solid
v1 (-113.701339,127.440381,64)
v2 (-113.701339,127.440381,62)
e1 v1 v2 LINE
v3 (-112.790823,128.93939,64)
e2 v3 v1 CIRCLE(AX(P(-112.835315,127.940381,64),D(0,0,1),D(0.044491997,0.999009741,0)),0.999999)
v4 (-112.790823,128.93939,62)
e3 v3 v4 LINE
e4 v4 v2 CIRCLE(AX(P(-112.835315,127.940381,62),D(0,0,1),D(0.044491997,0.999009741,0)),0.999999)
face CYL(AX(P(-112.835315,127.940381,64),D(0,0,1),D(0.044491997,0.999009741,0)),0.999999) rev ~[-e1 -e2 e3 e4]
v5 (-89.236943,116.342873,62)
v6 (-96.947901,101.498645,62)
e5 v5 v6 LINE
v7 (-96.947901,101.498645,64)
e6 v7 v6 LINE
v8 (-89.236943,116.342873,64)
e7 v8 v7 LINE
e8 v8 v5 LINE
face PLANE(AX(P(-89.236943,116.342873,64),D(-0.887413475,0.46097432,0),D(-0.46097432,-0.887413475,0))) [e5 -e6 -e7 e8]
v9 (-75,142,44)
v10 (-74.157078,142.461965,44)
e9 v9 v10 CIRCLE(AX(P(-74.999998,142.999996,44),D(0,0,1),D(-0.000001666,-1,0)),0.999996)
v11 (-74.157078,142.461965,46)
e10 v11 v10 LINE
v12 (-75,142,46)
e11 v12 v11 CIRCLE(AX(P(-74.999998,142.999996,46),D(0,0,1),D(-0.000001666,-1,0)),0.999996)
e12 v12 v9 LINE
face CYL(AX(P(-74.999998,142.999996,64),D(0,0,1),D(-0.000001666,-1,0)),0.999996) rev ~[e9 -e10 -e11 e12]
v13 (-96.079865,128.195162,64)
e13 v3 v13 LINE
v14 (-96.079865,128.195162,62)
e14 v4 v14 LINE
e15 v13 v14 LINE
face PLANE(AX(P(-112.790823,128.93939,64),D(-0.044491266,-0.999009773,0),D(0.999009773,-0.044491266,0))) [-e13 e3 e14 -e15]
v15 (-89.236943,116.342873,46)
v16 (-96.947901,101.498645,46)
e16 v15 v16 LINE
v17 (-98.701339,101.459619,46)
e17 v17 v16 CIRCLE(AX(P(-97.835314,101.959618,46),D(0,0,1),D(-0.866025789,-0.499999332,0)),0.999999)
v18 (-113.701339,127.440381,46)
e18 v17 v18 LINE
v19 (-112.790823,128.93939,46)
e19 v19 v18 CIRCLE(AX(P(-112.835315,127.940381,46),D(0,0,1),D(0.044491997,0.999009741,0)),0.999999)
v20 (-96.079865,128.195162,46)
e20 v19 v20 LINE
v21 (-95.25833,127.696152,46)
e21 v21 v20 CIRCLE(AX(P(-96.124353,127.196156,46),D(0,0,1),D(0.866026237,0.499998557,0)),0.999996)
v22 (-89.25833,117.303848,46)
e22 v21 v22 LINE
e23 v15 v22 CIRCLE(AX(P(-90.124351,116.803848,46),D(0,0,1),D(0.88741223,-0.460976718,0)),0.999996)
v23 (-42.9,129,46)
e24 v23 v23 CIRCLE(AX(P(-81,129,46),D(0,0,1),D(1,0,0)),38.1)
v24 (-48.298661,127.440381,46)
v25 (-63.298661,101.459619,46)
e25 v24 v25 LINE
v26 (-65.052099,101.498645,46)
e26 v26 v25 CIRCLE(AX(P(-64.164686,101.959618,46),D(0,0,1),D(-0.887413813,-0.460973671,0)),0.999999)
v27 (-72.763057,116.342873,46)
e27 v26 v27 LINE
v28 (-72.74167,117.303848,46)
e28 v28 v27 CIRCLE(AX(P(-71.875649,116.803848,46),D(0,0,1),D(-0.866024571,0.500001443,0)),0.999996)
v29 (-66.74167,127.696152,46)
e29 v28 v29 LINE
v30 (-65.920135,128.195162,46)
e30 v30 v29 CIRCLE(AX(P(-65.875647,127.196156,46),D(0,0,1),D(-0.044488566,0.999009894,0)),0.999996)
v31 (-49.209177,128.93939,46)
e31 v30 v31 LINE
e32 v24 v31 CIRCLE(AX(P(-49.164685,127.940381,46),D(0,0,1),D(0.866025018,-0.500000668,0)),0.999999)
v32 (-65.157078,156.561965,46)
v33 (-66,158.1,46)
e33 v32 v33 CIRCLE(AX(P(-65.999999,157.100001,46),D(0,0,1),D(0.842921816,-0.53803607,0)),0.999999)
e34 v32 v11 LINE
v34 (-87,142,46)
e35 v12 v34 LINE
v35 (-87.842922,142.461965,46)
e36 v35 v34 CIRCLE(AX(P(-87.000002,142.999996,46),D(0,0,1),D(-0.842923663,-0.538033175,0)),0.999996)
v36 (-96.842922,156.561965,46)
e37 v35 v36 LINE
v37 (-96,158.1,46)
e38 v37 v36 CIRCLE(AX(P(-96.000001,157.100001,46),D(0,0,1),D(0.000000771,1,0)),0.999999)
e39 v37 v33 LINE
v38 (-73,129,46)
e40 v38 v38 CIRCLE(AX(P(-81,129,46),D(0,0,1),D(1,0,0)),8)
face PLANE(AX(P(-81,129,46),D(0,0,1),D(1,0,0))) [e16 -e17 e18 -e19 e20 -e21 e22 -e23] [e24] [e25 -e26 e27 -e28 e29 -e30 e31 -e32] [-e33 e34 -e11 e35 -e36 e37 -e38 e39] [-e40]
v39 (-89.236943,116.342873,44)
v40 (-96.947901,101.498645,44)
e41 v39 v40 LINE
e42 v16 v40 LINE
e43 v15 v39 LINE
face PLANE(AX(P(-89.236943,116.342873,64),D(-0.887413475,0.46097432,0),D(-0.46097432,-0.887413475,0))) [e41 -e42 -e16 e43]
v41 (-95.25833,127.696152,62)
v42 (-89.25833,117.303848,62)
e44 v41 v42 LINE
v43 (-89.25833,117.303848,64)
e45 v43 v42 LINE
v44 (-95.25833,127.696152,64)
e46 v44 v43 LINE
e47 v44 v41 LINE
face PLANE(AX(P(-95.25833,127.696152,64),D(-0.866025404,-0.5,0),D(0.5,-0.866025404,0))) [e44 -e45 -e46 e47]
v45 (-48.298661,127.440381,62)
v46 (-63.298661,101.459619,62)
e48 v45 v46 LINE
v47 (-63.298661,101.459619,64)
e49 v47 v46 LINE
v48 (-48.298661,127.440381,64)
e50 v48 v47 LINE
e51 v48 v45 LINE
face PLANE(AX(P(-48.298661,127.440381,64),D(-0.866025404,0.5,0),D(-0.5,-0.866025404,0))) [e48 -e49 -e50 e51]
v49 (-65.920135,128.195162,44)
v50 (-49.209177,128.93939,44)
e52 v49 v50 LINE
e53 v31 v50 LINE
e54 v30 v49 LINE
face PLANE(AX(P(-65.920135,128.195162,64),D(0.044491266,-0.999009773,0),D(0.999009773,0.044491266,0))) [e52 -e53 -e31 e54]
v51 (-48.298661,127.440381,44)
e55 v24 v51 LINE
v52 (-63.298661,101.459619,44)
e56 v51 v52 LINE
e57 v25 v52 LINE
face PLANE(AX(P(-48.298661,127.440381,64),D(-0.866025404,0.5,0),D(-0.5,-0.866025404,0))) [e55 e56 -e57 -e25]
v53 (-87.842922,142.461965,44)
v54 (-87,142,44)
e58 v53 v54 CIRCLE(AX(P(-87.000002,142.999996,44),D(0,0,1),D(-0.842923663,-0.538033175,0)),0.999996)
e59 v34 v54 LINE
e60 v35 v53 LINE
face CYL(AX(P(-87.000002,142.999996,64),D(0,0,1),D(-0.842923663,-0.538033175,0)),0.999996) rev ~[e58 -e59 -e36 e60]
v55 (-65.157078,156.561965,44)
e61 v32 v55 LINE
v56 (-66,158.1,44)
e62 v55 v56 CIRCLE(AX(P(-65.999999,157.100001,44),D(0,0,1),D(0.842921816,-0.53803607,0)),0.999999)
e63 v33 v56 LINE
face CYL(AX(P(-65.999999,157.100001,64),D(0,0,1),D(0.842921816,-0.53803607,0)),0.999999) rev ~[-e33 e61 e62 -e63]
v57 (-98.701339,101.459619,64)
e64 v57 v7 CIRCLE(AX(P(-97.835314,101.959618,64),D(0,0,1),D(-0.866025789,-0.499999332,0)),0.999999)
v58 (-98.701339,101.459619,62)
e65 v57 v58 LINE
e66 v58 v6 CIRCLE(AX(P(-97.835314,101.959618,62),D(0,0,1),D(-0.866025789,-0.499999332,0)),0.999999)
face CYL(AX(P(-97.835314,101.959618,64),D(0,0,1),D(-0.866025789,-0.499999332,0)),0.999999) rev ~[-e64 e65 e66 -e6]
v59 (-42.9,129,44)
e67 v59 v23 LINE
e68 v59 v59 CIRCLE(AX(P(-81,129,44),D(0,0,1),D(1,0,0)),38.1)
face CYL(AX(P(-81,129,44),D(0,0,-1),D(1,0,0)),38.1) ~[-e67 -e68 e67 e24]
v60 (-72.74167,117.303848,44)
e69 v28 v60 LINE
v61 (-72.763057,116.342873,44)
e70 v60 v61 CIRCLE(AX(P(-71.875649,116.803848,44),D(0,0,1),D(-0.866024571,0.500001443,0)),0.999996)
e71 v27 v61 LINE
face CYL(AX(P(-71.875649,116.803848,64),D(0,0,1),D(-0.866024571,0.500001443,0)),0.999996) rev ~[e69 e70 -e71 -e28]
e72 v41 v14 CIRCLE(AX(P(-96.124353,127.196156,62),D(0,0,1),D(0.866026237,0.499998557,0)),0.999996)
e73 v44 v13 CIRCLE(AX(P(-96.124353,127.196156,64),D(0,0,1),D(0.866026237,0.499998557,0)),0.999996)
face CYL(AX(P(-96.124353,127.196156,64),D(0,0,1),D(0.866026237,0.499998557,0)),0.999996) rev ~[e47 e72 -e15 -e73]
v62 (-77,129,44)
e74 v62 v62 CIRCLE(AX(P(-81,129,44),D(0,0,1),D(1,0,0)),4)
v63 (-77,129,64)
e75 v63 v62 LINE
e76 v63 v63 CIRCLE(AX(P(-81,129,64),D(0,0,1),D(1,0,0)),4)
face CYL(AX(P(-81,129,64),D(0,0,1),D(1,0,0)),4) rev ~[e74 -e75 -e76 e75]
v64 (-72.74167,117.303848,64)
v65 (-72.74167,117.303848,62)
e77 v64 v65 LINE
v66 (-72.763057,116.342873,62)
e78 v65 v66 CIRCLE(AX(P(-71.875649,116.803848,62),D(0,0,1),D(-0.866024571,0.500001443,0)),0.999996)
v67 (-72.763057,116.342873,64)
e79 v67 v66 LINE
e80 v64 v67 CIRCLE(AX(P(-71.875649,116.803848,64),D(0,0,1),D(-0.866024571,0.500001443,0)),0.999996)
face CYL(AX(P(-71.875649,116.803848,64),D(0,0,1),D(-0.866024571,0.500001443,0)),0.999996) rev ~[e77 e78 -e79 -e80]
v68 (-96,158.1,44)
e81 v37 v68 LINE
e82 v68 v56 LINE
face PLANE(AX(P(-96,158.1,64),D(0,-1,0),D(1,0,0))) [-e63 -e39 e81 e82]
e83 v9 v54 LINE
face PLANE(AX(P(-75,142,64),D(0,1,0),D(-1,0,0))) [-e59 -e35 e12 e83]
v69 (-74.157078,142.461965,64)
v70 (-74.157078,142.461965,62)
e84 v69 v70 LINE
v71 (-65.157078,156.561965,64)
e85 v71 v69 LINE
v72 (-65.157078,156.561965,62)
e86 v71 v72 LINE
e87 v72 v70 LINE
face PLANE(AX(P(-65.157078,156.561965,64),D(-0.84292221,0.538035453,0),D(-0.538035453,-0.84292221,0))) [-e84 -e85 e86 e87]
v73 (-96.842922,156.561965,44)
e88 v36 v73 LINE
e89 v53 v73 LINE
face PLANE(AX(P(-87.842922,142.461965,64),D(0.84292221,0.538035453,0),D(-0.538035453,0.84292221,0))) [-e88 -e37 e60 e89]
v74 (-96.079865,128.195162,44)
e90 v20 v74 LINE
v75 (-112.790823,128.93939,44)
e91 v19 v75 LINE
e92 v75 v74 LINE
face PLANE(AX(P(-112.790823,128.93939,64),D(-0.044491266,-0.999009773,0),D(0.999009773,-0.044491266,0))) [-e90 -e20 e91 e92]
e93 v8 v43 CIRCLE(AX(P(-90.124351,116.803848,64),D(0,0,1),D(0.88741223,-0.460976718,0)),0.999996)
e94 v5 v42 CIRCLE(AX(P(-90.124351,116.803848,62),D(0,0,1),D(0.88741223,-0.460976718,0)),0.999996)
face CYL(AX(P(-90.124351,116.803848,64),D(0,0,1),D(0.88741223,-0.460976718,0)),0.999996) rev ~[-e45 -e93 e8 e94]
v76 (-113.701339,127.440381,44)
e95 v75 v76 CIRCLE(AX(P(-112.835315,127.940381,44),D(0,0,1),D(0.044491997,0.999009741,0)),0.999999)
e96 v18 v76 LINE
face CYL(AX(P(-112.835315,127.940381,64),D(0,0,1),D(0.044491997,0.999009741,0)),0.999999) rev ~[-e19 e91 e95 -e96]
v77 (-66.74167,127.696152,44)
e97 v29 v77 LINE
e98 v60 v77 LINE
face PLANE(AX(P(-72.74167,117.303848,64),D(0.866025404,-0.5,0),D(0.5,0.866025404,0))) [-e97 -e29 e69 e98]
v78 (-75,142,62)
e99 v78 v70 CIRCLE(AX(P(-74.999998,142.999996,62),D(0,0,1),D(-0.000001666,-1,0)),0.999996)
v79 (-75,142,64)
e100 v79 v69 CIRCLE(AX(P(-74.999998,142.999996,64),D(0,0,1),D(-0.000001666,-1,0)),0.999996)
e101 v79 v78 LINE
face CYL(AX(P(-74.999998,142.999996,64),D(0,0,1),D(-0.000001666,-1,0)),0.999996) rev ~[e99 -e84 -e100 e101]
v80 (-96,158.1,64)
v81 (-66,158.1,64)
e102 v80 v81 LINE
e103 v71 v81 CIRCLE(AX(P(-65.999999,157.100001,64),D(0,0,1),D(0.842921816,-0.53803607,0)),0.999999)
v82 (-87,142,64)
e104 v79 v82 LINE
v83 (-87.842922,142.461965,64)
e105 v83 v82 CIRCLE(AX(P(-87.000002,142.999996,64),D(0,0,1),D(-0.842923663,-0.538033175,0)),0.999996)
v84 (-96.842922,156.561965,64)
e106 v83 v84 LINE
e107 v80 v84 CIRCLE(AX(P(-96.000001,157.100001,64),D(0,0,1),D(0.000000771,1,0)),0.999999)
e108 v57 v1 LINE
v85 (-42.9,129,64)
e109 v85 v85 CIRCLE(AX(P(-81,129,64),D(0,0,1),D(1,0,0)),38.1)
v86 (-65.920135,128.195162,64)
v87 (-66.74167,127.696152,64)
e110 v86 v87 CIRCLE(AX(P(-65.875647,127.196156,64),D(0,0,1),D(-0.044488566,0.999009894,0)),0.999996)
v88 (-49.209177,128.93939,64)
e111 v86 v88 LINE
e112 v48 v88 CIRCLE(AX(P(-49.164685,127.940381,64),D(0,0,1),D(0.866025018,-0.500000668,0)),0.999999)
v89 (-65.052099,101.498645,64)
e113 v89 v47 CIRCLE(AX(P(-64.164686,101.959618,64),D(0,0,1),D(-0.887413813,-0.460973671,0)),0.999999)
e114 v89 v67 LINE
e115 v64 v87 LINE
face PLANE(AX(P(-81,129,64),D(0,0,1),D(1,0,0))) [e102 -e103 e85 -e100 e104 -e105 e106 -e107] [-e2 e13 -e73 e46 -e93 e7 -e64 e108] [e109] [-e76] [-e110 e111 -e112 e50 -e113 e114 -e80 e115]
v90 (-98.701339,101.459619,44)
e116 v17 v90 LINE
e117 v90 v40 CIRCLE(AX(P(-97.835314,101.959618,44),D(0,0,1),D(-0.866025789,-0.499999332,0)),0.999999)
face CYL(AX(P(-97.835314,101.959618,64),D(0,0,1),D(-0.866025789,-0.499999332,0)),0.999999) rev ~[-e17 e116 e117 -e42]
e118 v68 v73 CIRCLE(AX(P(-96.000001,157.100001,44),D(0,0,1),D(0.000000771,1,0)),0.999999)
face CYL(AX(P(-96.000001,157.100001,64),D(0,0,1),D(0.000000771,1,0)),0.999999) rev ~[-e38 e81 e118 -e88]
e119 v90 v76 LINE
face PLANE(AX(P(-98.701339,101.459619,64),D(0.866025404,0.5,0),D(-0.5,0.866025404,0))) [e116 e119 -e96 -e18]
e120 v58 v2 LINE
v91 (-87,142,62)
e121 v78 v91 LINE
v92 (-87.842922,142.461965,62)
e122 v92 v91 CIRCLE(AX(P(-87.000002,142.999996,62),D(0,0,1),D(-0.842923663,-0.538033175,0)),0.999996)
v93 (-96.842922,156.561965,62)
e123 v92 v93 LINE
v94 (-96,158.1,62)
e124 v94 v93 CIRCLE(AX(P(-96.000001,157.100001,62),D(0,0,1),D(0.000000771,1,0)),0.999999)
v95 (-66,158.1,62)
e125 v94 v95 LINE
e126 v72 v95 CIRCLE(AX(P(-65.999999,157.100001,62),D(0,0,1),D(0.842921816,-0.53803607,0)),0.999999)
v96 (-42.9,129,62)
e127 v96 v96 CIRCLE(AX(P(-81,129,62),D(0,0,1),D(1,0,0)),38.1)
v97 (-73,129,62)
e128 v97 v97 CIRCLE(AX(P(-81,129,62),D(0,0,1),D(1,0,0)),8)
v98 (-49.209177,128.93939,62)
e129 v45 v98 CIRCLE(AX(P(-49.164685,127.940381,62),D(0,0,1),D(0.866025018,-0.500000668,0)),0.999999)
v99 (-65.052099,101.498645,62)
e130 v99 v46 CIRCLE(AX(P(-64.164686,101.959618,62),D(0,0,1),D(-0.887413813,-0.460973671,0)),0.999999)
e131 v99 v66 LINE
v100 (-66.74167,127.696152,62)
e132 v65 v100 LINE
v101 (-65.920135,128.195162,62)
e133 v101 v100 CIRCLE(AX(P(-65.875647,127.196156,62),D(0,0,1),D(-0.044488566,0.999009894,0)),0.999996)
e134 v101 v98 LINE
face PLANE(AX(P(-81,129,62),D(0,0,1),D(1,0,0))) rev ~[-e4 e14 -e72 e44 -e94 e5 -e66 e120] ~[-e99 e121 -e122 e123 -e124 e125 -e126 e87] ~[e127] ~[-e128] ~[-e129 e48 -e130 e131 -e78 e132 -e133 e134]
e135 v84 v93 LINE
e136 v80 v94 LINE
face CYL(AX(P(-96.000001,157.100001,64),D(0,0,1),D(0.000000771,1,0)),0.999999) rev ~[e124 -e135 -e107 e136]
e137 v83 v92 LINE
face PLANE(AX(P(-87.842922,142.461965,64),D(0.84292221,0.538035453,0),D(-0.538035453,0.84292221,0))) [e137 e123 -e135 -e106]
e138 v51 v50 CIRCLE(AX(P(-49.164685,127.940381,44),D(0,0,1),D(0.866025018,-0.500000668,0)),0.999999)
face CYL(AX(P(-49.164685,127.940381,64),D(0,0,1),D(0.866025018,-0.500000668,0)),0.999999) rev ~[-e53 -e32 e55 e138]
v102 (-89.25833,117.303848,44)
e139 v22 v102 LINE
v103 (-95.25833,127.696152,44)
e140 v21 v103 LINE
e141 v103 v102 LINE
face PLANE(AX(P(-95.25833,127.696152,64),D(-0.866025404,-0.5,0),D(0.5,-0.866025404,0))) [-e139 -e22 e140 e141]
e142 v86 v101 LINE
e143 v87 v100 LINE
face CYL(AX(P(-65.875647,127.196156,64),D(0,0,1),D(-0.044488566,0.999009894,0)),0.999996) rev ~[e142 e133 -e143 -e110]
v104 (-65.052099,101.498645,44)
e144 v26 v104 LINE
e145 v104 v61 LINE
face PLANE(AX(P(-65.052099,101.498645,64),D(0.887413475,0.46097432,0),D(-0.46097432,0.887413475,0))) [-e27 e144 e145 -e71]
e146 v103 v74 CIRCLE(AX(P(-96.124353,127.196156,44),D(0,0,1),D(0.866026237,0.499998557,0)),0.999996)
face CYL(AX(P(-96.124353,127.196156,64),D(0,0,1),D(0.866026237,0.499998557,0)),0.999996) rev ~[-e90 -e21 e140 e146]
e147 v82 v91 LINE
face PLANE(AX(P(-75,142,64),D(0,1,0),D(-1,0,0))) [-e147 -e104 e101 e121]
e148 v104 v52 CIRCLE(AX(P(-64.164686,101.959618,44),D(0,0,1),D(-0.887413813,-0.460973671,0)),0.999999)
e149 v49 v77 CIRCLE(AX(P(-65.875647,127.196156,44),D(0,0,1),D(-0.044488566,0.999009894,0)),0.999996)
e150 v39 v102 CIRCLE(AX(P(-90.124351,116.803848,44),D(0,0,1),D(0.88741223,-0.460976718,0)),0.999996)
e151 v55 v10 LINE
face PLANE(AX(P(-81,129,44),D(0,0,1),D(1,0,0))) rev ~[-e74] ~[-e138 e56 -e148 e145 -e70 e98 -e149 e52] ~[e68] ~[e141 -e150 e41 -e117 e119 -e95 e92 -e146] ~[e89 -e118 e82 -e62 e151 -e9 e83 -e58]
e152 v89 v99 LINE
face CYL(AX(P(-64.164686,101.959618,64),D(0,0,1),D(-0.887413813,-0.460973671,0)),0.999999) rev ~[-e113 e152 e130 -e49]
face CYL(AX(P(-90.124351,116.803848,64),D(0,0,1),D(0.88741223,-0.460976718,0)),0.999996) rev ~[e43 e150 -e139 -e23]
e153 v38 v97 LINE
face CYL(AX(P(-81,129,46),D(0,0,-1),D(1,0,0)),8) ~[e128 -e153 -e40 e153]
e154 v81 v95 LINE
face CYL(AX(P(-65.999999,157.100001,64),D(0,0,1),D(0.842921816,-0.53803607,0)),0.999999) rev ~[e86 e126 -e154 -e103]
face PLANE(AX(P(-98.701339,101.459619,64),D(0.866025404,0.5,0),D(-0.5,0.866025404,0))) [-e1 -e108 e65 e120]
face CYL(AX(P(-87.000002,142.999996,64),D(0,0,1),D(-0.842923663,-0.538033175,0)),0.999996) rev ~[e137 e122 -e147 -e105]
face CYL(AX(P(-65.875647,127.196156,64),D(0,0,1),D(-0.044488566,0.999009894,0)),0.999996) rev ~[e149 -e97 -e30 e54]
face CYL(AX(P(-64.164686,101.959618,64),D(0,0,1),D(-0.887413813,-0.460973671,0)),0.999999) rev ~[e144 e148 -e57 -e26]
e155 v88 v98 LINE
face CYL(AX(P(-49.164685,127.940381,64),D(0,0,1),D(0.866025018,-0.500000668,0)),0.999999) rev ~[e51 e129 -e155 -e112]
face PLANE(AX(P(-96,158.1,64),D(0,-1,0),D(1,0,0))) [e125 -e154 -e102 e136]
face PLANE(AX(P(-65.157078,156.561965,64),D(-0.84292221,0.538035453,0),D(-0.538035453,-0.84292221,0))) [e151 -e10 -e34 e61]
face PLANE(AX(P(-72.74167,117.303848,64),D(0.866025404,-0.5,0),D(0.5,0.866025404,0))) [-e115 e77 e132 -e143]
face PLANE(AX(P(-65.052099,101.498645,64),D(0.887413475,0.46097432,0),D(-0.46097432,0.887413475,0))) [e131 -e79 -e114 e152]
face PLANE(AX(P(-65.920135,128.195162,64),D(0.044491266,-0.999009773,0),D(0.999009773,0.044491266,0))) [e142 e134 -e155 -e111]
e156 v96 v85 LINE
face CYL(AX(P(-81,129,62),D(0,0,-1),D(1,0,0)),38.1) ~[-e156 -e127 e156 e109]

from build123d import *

# Parameters (mm, degrees)
SKETCH003_R        = 38.1
PAD003_DEPTH       = 2
SKETCH004_R        = 8
PAD004_DEPTH       = 16
SKETCH005_R        = 38.1
PAD005_DEPTH       = 2
POCKET_DEPTH       = 239.207569
POLARPATTERN_COUNT = 3
SKETCH007_R        = 4
POCKET001_DEPTH    = 20.001


with BuildPart() as part:
    # Sketch003 → Pad003 (new body)
    with BuildSketch(Plane.XY):
        Circle(SKETCH003_R)
    extrude(amount=PAD003_DEPTH)

    # Sketch004 (on Face3 of Pad003) → Pad004 (join)
    with BuildSketch(Plane.XY.offset(2)):
        Circle(SKETCH004_R)
    extrude(amount=PAD004_DEPTH)

    # Sketch005 (on Face5 of Pad004) → Pad005 (join)
    with BuildSketch(Plane.XY.offset(18)):
        Circle(SKETCH005_R)
    extrude(amount=PAD005_DEPTH)

    # Sketch006 (on Face3 of Pad005) → Pocket (cut, through all)
    with BuildSketch(Plane.XY.offset(20)):
        with BuildLine():
            Line((-15, 29.1), (15, 29.1))
            ThreePointArc((15.842922, 27.561965), (15.876937, 28.580606), (15, 29.1))
            Line((15.842922, 27.561965), (6.842922, 13.461965))
            ThreePointArc((6, 13), (6.480606, 13.123063), (6.842922, 13.461965))
            Line((6, 13), (-6, 13))
            ThreePointArc((-6.842922, 13.461965), (-6.480606, 13.123063), (-6, 13))
            Line((-6.842922, 13.461965), (-15.842922, 27.561965))
            ThreePointArc((-15, 29.1), (-15.876937, 28.580606), (-15.842922, 27.561965))
        make_face()
    pocket = extrude(amount=-POCKET_DEPTH, mode=Mode.SUBTRACT)

    # PolarPattern: Pocket ×3 about axis
    polarpattern_axis = Axis((0, 0, 20), (0, 0, 1))
    for i in range(1, POLARPATTERN_COUNT):
        add(pocket.rotate(polarpattern_axis, i * 360 / POLARPATTERN_COUNT), mode=Mode.SUBTRACT)

    # Sketch007 (on Face3 of PolarPattern) → Pocket001 (cut, through all)
    with BuildSketch(Plane.XY.offset(20)):
        Circle(SKETCH007_R)
    extrude(amount=-POCKET001_DEPTH, mode=Mode.SUBTRACT)


with BuildPart() as part_1:
    # Body012 placement: moved
    add(part.part.moved(Location((-81, 129, 44))))


solid = part_1.part
